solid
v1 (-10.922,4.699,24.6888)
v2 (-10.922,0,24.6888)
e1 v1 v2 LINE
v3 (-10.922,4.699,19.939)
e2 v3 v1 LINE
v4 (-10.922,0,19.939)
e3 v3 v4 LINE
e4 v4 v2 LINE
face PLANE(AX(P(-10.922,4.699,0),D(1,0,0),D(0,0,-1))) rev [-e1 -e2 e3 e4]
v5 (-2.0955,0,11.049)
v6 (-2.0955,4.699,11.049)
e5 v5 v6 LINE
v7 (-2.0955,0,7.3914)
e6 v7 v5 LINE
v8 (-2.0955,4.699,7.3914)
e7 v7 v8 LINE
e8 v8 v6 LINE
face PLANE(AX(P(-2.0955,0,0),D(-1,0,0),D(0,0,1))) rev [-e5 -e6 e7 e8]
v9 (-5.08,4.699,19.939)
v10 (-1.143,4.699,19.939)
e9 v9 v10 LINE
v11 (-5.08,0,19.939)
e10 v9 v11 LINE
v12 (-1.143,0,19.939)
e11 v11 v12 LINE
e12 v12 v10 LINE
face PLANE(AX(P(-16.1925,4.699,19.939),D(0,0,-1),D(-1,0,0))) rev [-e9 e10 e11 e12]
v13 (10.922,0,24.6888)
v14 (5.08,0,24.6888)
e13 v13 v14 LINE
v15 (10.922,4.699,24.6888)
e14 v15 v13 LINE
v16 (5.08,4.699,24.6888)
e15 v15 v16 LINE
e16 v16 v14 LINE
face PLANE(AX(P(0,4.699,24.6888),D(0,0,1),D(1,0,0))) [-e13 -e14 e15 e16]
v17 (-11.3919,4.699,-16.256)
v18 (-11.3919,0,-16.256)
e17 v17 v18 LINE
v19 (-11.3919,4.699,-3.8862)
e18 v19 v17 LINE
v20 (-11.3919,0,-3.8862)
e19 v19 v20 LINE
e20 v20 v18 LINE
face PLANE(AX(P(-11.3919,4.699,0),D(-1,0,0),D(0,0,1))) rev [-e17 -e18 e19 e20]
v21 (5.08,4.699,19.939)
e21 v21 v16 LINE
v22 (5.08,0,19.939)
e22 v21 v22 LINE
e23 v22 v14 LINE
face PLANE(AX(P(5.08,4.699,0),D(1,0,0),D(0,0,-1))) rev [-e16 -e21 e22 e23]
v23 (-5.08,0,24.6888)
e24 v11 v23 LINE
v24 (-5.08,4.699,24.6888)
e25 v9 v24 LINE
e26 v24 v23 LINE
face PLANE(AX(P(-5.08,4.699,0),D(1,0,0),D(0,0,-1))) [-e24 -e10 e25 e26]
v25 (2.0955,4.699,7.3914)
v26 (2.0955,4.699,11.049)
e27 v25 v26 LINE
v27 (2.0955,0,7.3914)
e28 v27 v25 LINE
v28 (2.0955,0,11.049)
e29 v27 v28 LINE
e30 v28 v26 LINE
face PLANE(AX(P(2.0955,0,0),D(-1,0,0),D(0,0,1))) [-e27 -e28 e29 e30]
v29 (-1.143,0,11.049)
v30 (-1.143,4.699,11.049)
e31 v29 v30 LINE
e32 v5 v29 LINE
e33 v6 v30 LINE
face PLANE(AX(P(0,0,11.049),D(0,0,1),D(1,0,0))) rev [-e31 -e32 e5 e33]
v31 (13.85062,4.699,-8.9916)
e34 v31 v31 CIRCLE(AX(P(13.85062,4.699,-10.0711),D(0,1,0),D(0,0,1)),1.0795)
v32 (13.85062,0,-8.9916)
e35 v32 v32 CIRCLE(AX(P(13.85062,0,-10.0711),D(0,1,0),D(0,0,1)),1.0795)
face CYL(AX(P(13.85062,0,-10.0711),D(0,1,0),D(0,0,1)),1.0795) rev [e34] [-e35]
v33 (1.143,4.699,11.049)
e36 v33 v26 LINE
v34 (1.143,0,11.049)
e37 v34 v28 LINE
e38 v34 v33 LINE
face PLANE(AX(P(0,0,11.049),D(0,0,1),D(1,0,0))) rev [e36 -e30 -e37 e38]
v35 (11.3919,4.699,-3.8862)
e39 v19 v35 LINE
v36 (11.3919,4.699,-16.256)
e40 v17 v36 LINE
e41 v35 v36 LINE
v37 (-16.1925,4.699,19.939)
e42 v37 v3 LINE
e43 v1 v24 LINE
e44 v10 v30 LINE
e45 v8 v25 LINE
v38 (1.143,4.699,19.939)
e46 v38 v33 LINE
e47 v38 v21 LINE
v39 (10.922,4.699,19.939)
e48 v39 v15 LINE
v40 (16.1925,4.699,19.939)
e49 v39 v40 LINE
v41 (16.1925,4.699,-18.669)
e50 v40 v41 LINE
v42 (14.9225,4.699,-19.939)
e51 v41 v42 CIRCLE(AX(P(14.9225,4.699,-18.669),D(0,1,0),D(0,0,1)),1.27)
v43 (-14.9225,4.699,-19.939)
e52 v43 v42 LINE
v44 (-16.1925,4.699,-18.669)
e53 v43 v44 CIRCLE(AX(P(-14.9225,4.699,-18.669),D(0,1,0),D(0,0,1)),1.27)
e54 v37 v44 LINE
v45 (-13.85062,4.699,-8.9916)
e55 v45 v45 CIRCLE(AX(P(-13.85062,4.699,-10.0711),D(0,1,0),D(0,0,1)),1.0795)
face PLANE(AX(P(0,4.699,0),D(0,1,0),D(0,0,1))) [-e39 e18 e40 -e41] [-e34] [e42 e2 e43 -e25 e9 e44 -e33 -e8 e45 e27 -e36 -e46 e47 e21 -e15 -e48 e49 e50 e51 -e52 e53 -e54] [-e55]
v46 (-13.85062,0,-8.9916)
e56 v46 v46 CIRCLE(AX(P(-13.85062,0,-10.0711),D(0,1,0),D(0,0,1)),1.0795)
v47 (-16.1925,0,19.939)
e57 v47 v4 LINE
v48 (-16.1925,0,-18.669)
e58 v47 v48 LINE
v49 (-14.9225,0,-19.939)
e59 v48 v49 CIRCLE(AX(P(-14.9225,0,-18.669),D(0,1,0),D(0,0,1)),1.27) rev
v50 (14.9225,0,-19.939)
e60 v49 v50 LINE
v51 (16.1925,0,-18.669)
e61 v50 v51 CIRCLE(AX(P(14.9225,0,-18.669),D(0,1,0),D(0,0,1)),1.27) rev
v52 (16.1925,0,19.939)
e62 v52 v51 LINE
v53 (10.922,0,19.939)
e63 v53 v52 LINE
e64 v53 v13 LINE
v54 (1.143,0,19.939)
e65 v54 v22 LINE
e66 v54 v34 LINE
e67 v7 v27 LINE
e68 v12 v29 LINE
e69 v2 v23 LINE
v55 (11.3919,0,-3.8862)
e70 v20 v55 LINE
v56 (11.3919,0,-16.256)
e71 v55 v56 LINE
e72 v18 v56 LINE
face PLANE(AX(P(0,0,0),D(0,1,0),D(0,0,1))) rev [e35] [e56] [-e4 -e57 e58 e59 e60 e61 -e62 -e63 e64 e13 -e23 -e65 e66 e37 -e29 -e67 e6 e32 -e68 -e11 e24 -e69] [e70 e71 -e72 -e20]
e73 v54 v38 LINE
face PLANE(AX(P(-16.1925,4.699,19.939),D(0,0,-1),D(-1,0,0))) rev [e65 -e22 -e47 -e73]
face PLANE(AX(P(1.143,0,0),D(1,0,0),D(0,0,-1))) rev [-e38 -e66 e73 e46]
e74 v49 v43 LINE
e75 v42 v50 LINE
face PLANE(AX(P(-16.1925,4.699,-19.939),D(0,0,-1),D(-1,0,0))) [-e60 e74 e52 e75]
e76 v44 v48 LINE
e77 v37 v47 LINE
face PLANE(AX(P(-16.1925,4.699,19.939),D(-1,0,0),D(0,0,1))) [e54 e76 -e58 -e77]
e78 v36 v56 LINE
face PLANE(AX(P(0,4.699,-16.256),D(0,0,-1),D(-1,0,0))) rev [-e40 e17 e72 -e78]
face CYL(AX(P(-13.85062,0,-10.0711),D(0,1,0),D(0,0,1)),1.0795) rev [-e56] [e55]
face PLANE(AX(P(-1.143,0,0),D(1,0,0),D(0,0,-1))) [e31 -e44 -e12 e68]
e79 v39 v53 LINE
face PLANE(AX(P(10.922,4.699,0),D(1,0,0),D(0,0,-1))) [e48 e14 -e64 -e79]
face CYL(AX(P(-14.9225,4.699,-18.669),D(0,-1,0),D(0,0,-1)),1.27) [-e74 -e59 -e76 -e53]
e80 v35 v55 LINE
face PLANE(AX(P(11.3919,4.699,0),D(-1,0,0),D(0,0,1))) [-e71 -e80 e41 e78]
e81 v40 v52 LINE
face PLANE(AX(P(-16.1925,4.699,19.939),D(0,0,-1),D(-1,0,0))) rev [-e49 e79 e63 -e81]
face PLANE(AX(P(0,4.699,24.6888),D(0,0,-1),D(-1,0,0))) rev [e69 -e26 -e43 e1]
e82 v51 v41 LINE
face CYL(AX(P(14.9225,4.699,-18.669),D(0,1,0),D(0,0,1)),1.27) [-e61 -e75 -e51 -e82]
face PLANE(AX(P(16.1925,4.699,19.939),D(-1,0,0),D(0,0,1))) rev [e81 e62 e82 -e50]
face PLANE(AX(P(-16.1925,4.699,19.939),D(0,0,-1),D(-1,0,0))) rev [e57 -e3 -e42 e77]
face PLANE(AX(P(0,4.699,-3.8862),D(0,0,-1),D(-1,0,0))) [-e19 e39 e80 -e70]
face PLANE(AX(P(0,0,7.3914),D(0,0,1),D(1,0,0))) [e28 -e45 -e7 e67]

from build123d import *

# Parameters (mm, degrees)
SKETCH1_W           = 32.385
SKETCH1_H           = 39.878
SKETCH1_W_2         = 22.7838
SKETCH1_H_2         = 12.3698
SKETCH1_W_3         = 5.842
SKETCH1_H_3         = 4.7498
BOSS_EXTRUDE1_DEPTH = 4.699
SKETCH2_W           = 1.143
SKETCH2_H           = 8.89
CUT_EXTRUDE1_DEPTH  = 30.896730635
FILLET1_R           = 1.27
SKETCH3_R           = 1.0795
CUT_EXTRUDE2_DEPTH  = 30.896730635


with BuildPart() as part:
    # Sketch1 → Boss-Extrude1 (new body)
    # profile 1 of 3: a face of its own
    with BuildSketch(Plane(origin=(0, 0, 0), x_dir=(1, 0, 0), z_dir=(0, 1, 0))):
        Rectangle(SKETCH1_W, SKETCH1_H)
        with Locations((0, 10.0711)):
            Rectangle(SKETCH1_W_2, SKETCH1_H_2, mode=Mode.SUBTRACT)
    # profile 2 of 3: a face of its own
    with BuildSketch(Plane(origin=(0, 0, 0), x_dir=(1, 0, 0), z_dir=(0, 1, 0))):
        with Locations((-8.001, -22.3139)):
            Rectangle(SKETCH1_W_3, SKETCH1_H_3)
    # profile 3 of 3: a face of its own
    with BuildSketch(Plane(origin=(0, 0, 0), x_dir=(1, 0, 0), z_dir=(0, 1, 0))):
        with Locations((8.001, -22.3139)):
            Rectangle(SKETCH1_W_3, SKETCH1_H_3)
    extrude(amount=BOSS_EXTRUDE1_DEPTH)

    # Sketch2 → Cut-Extrude1 (cut, through all)
    with BuildSketch(Plane(origin=(0, 4.699, 0), x_dir=(1, 0, 0), z_dir=(0, 1, 0))):
        Polygon((-2.0955, -11.049), (-1.143, -11.049), (0, -11.049), (1.143, -11.049), (2.0955, -11.049), (2.0955, -7.3914), (-2.0955, -7.3914), align=None)
        with Locations((0.5715, -15.494)):
            Rectangle(SKETCH2_W, SKETCH2_H)
        with Locations((-0.5715, -15.494)):
            Rectangle(SKETCH2_W, SKETCH2_H)
    extrude(amount=-CUT_EXTRUDE1_DEPTH, mode=Mode.SUBTRACT)

    # Fillet1
    fillet1_edges = [part.edges().sort_by_distance(p)[0] for p in [
        (16.1925, 2.3495, -19.939),
        (-16.1925, 2.3495, -19.939),
    ]]
    fillet(fillet1_edges, radius=FILLET1_R)

    # Sketch3 → Cut-Extrude2 (cut, through all)
    with BuildSketch(Plane(origin=(0, 4.699, 0), x_dir=(1, 0, 0), z_dir=(0, 1, 0))):
        with Locations(Location((13.85062, 10.0711, 0), (0, 0, 270))):
            Circle(SKETCH3_R)
        with Locations(Location((-13.85062, 10.0711, 0), (0, 0, 270))):
            Circle(SKETCH3_R)
    extrude(amount=-CUT_EXTRUDE2_DEPTH, mode=Mode.SUBTRACT)


solid = part.part
